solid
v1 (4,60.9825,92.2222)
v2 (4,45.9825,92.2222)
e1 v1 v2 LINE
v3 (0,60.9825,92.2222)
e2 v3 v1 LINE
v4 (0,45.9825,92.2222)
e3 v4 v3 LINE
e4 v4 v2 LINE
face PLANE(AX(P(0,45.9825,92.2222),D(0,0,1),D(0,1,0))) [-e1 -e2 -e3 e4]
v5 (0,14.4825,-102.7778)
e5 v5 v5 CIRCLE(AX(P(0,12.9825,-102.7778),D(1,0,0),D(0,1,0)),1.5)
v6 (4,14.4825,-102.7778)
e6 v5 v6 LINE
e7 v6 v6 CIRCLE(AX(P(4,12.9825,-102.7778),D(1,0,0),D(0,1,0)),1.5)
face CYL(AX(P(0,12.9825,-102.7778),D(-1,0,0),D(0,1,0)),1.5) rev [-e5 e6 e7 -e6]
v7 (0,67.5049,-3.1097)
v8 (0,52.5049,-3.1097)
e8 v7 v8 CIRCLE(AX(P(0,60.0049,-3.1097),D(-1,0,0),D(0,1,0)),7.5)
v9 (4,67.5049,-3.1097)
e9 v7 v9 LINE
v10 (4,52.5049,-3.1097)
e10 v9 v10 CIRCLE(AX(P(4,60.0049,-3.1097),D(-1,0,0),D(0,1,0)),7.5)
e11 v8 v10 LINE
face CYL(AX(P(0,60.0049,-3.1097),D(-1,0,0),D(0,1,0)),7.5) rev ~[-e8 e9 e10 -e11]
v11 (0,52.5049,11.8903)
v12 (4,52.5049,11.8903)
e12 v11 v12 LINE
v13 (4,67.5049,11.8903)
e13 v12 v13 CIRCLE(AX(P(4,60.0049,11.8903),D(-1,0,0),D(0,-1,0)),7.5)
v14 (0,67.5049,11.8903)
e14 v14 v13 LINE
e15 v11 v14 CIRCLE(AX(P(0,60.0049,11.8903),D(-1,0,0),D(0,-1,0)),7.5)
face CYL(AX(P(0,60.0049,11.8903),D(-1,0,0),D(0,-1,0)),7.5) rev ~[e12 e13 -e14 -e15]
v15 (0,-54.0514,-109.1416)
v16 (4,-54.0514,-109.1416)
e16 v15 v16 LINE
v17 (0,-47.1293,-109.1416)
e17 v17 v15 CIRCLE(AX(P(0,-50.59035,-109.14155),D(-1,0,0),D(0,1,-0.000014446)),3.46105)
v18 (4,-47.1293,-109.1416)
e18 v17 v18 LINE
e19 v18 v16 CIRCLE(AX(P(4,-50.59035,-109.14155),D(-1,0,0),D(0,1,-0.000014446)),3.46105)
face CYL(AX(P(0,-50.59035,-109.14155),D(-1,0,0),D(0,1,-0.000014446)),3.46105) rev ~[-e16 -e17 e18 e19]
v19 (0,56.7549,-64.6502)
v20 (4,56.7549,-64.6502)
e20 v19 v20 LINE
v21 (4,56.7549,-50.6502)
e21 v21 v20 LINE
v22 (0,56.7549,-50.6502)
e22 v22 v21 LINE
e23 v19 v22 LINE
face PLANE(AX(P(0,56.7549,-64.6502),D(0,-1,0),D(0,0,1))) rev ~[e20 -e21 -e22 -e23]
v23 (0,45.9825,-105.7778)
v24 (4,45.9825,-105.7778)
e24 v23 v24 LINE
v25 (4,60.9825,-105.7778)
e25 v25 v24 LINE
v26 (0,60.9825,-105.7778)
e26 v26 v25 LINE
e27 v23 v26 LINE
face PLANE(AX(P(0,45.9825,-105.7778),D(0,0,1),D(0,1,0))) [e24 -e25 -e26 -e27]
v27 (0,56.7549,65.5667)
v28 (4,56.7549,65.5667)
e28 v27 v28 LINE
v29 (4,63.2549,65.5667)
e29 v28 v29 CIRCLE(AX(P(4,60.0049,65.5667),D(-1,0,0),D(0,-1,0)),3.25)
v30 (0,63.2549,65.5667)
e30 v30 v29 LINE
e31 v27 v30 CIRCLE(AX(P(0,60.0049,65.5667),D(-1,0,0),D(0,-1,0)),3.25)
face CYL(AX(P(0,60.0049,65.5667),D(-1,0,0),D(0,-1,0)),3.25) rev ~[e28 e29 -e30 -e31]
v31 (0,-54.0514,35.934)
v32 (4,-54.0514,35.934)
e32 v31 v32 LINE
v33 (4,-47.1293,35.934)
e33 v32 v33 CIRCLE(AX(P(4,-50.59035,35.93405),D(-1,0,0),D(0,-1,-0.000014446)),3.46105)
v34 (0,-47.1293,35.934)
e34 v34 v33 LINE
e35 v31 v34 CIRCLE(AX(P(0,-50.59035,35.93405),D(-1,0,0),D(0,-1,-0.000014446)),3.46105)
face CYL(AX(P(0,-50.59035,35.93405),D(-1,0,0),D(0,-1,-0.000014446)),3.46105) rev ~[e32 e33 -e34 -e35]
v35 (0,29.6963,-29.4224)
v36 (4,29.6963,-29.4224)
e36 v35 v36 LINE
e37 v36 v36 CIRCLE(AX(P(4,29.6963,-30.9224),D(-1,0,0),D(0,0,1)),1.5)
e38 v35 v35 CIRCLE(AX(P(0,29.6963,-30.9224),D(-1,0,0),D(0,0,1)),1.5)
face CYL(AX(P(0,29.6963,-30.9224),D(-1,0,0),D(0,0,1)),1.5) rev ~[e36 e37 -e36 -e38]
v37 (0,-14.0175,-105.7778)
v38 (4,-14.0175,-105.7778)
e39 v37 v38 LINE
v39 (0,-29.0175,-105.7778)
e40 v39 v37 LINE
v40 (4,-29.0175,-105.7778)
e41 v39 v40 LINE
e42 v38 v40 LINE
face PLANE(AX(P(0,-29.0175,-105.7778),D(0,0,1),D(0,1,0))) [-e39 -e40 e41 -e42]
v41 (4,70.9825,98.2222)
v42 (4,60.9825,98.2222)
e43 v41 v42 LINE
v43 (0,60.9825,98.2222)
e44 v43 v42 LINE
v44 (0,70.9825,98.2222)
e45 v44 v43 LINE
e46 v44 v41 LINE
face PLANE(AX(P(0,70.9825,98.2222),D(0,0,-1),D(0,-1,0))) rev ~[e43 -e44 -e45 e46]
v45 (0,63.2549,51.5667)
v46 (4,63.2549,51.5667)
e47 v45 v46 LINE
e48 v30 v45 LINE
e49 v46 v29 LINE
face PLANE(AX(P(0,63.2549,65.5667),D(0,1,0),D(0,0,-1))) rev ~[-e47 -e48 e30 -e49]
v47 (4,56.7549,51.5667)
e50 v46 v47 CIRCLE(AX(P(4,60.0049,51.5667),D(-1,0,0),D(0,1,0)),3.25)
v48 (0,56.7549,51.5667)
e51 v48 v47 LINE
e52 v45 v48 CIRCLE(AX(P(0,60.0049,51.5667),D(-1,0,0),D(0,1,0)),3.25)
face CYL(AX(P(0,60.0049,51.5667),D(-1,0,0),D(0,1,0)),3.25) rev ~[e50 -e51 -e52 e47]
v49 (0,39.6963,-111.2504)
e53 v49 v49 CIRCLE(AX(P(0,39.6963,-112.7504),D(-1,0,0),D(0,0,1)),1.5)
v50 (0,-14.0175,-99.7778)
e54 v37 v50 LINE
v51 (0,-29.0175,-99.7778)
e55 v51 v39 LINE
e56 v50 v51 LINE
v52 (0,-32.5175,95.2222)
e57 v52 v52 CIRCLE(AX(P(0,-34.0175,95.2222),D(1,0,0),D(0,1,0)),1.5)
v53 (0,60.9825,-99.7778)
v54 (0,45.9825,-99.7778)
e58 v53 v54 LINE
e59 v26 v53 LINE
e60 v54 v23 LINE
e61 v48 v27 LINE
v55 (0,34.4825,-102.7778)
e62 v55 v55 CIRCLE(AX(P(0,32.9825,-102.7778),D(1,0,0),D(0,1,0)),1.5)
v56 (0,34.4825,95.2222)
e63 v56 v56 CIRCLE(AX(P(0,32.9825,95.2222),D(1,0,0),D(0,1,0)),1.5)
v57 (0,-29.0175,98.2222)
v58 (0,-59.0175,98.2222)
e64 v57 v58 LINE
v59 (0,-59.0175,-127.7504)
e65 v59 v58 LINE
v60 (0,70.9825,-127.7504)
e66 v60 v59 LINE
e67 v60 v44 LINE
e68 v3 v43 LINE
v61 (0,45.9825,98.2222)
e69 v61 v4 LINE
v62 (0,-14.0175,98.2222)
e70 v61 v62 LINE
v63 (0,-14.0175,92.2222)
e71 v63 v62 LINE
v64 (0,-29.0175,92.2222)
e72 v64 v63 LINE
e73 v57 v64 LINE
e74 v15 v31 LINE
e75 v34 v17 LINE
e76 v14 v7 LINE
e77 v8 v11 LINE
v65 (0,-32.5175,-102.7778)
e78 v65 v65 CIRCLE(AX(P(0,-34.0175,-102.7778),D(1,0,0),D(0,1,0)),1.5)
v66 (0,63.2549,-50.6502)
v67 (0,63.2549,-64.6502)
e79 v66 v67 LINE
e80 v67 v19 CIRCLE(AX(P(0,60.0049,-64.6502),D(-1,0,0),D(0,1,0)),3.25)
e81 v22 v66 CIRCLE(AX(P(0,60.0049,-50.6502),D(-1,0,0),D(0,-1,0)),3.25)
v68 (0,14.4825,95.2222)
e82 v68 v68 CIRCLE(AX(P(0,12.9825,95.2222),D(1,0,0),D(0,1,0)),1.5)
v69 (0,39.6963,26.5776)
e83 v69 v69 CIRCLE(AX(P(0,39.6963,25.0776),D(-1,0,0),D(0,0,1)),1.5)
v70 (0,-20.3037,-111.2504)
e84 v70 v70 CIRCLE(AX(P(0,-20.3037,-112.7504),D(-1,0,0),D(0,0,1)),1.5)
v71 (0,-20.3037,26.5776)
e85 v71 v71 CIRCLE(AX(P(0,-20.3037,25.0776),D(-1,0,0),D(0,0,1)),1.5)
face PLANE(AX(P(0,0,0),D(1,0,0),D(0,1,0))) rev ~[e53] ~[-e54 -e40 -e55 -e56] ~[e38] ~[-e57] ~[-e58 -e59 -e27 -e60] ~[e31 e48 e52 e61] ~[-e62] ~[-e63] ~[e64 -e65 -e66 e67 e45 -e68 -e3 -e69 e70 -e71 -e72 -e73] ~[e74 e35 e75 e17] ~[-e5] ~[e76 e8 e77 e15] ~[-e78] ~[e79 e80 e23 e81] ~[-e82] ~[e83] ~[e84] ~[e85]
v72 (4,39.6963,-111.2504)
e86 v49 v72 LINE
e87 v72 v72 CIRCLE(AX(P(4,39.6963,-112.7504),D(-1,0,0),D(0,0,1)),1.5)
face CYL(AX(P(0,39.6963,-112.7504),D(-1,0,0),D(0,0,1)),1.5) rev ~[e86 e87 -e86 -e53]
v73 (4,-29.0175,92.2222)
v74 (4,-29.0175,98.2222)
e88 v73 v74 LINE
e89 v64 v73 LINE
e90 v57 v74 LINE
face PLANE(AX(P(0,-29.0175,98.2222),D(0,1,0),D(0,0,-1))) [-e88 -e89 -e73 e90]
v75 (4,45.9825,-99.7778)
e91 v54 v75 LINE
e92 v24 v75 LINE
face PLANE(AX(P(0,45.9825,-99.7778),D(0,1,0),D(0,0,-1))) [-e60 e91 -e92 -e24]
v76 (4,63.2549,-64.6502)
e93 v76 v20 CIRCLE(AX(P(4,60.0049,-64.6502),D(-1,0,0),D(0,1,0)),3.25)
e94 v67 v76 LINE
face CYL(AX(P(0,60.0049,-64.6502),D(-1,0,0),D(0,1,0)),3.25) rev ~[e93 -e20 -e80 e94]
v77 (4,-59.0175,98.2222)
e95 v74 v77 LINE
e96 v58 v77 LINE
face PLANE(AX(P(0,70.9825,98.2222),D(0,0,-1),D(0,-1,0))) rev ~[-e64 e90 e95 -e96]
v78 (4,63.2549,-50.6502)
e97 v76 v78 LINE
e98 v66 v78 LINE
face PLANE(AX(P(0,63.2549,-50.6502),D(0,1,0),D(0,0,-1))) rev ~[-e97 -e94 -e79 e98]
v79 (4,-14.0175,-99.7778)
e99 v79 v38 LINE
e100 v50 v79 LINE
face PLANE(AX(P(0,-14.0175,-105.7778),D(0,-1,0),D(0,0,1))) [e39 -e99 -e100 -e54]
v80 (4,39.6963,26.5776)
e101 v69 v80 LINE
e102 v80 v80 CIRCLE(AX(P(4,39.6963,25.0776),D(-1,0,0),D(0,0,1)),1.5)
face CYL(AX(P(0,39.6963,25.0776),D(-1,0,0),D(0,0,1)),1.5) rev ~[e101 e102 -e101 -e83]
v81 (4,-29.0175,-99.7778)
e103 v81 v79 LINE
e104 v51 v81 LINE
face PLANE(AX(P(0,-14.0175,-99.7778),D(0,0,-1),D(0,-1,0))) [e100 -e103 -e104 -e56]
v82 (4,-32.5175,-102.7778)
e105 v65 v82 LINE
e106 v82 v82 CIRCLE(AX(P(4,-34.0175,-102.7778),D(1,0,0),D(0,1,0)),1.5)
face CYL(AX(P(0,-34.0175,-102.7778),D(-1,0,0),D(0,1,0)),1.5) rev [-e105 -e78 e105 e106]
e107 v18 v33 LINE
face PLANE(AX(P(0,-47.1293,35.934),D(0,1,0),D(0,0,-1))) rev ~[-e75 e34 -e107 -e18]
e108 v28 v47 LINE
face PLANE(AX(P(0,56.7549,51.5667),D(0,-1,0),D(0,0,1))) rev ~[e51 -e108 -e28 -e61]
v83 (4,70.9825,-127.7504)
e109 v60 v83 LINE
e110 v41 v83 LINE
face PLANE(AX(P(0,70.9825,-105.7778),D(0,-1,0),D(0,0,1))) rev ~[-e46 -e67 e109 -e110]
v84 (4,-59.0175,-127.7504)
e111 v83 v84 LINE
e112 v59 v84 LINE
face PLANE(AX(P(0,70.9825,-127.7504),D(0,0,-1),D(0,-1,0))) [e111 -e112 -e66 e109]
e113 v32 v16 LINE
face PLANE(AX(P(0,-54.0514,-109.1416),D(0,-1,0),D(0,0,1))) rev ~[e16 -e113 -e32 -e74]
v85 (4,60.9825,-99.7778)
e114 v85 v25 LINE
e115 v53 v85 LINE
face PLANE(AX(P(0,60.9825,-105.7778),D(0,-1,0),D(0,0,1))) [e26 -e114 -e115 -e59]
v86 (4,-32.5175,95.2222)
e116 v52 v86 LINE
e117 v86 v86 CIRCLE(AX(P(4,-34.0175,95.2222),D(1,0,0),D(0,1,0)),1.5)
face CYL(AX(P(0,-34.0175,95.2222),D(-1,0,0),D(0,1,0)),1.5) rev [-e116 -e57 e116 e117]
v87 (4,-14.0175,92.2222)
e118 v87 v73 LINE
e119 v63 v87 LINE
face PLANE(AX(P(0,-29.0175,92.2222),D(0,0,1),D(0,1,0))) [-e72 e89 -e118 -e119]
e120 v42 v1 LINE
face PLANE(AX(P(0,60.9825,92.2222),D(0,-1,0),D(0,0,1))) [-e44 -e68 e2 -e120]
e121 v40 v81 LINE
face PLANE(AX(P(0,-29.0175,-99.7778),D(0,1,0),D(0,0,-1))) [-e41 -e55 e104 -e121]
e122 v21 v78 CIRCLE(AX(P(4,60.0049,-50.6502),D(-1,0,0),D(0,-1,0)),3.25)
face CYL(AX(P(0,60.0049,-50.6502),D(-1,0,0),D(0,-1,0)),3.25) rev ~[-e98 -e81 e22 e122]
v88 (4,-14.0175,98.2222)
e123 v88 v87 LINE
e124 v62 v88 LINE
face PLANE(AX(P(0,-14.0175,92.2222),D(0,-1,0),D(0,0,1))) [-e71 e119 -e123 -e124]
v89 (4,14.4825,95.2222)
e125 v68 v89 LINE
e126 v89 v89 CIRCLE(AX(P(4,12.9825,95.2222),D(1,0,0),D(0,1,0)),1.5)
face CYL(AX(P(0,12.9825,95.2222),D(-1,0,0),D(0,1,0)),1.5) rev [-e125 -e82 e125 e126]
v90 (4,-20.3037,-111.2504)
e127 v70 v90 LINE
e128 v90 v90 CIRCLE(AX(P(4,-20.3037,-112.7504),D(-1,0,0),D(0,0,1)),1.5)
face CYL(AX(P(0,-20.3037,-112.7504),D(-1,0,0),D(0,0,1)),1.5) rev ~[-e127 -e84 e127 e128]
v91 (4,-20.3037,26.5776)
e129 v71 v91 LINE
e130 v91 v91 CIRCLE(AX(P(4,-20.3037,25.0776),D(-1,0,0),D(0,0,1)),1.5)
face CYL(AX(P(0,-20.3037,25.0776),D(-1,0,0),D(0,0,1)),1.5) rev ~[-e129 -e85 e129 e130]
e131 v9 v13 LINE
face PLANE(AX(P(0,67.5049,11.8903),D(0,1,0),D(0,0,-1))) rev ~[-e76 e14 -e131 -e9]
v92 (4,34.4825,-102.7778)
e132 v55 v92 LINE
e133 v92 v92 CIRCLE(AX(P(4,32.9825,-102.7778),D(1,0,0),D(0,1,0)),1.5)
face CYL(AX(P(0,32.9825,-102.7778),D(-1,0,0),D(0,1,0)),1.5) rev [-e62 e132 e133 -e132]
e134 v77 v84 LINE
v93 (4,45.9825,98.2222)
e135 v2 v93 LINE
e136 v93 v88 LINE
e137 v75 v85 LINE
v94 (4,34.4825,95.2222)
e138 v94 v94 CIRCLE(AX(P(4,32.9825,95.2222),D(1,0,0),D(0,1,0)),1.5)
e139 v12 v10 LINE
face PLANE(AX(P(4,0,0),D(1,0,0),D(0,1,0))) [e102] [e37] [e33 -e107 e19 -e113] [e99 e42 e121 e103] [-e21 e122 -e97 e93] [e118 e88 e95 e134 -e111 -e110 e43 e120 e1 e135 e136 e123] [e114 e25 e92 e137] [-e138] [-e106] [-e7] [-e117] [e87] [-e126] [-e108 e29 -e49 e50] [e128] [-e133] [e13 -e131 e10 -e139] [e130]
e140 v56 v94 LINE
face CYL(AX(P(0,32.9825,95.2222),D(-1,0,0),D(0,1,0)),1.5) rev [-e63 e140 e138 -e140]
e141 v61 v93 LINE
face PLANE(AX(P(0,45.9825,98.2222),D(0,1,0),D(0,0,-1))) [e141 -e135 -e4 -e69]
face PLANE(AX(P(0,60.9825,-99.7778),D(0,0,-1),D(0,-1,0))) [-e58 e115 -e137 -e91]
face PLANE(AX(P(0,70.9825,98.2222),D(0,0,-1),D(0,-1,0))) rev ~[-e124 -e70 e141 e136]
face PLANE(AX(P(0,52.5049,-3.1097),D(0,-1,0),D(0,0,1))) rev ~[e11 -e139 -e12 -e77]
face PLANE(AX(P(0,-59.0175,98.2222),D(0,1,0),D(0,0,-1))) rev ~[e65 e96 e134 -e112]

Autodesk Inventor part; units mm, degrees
ref_plane "YZ Plane" through (0, 0, 0) normal (1, 0, 0) x (0, 1, 0)
ref_plane "XZ Plane" through (0, 0, 0) normal (0, 1, 0) x (-1, 0, 0)
ref_plane "XY Plane" through (0, 0, 0) normal (0, 0, 1) x (1, 0, 0)
sketch "Эскиз1" plane through (0, 0, 0) normal (1, 0, 0) x (0, 1, 0)
  line L0 (70.9825, 98.2222) -> (-59.0175, 98.2222)
  line L1 (-59.0175, 98.2222) -> (-59.0175, -105.7778)
  line L2 (-59.0175, -105.7778) -> (70.9825, -105.7778)
  line L3 (70.9825, -105.7778) -> (70.9825, 98.2222)
  circle A0 centre (-34.0175, 95.2222) radius 1.5
  circle A1 centre (-34.0175, -102.7778) radius 1.5
  circle A2 centre (12.9825, 95.2222) radius 1.5
  circle A3 centre (12.9825, -102.7778) radius 1.5
  circle A4 centre (32.9825, 95.2222) radius 1.5
  circle A5 centre (32.9825, -102.7778) radius 1.5
  line L4 (-59.0175, -105.7778) -> (70.9825, -105.7778)
  line L5 (70.9825, -105.7778) -> (70.9825, -127.7504)
  line L6 (70.9825, -127.7504) -> (-59.0175, -127.7504)
  line L7 (-59.0175, -127.7504) -> (-59.0175, -105.7778)
  point P0 (0, 0)
  dimension "d0" = 204
  dimension "d1" = 130
  dimension "d2" = 3
  dimension "d3" = 25
  dimension "d4" = 25
  dimension "d5" = 3
  dimension "d6" = 3
  dimension "d7" = 3
  dimension "d8" = 72
  dimension "d9" = 3
  dimension "d10" = 3
  dimension "d11" = 3
  dimension "d12" = 72
  dimension "d13" = 3
  dimension "d14" = 3
  dimension "d15" = 20
  dimension "d16" = 3
  dimension "d17" = 3
  dimension "d18" = 20
extrude "Выдавливание1" add sketch "Эскиз1" along normal blind 4
sketch "Эскиз2" plane through (0, 0, 0) normal (-1, 0, 0) x (0, 0, 1)
  circle A0 centre (-112.7504, -20.3037) radius 1.5
  circle A1 centre (25.0776, -20.3037) radius 1.5
  line L0 (98.2222, -59.0175) -> (-105.7778, -59.0175) projected
  circle A2 centre (-112.7504, 39.6963) radius 1.5
  circle A3 centre (25.0776, 39.6963) radius 1.5
  line L1 (98.2222, 70.9825) -> (98.2222, -59.0175) projected
  circle A4 centre (-102.7778, 12.9825) radius 1.5 projected
  line L2 (-105.7778, -59.0175) -> (-105.7778, 70.9825) projected
  line L3 (-105.7778, 70.9825) -> (98.2222, 70.9825) projected
  line L4 (-127.7504, -59.0175) -> (-127.7504, 70.9825) projected
  circle A5 centre (-30.9224, 29.6963) radius 1.5
  point P0 (0, 0)
  point P1 (98.2222, 5.9825)
  dimension "d21" = 137.828
  dimension "d22" = 3
  dimension "d23" = 3
  dimension "d26" = 3
  dimension "d27" = 3
  dimension "d28" = 137.828
  dimension "d29" = 60
  dimension "d30" = 60
  dimension "d37" = 31.2861
  dimension "d38" = 31.2861
  dimension "d47" = 15
  dimension "d48" = 15
  dimension "d49" = 3
  dimension "d50" = 10
  dimension "d51" = 56
extrude "Выдавливание2" cut sketch "Эскиз2" against normal blind 5 contours A0 | A1 | A2 | A3 | A5
sketch "Эскиз3" plane through (0, 0, 0) normal (-1, 0, 0) x (0, 0, 1)
  line L0 (11.8903, 60.0049) -> (-3.1097, 60.0049) construction
  line L1 (11.8903, 67.5049) -> (-3.1097, 67.5049)
  line L2 (-3.1097, 52.5049) -> (11.8903, 52.5049)
  arc A0 (11.8903, 52.5049) -> (11.8903, 67.5049) centre (11.8903, 60.0049) ccw
  arc A1 (-3.1097, 67.5049) -> (-3.1097, 52.5049) centre (-3.1097, 60.0049) ccw
  line L3 (65.5667, 60.0049) -> (51.5667, 60.0049) construction
  line L4 (65.5667, 63.2549) -> (51.5667, 63.2549)
  line L5 (51.5667, 56.7549) -> (65.5667, 56.7549)
  arc A2 (65.5667, 56.7549) -> (65.5667, 63.2549) centre (65.5667, 60.0049) ccw
  arc A3 (51.5667, 63.2549) -> (51.5667, 56.7549) centre (51.5667, 60.0049) ccw
  line L6 (-50.6502, 60.0049) -> (-64.6502, 60.0049) construction
  line L7 (-50.6502, 63.2549) -> (-64.6502, 63.2549)
  line L8 (-64.6502, 56.7549) -> (-50.6502, 56.7549)
  arc A4 (-50.6502, 56.7549) -> (-50.6502, 63.2549) centre (-50.6502, 60.0049) ccw
  arc A5 (-64.6502, 63.2549) -> (-64.6502, 56.7549) centre (-64.6502, 60.0049) ccw
  line L9 (35.934, -50.5903) -> (-109.1416, -50.5903) construction
  line L10 (35.934, -47.1293) -> (-109.1416, -47.1293)
  line L11 (-109.1416, -54.0514) -> (35.934, -54.0514)
  arc A6 (35.934, -54.0514) -> (35.934, -47.1293) centre (35.934, -50.5903) ccw
  arc A7 (-109.1416, -47.1293) -> (-109.1416, -54.0514) centre (-109.1416, -50.5903) ccw
  point P0 (0, 0)
  point P1 (4.3903, 60.0049)
  point P2 (58.5667, 60.0049)
  point P3 (-57.6502, 60.0049)
  point P4 (-36.6038, -50.5903)
  dimension "d39" = 14
  dimension "d40" = 14
  dimension "d41" = 6.5
  dimension "d42" = 6.5
  dimension "d43" = 15
  dimension "d44" = 15
extrude "Выдавливание3" cut sketch "Эскиз3" against normal through all
sketch "Эскиз4" plane through (0, 0, 0) normal (-1, 0, 0) x (0, 0, 1)
  point P0 (0, 0)
sketch "Эскиз5" plane through (0, 0, 0) normal (-1, 0, 0) x (0, 0, 1)
  line L0 (-105.7778, -14.0175) -> (-99.7778, -14.0175)
  line L1 (-99.7778, -14.0175) -> (-99.7778, -29.0175)
  line L2 (-99.7778, -29.0175) -> (-105.7778, -29.0175)
  line L3 (-105.7778, -29.0175) -> (-105.7778, -14.0175)
  line L4 (-105.7778, 60.9825) -> (-99.7778, 60.9825)
  line L5 (-99.7778, 60.9825) -> (-99.7778, 45.9825)
  line L6 (-99.7778, 45.9825) -> (-105.7778, 45.9825)
  line L7 (-105.7778, 45.9825) -> (-105.7778, 60.9825)
  line L8 (92.2222, -14.0175) -> (98.2222, -14.0175)
  line L9 (98.2222, -14.0175) -> (98.2222, -29.0175)
  line L10 (98.2222, -29.0175) -> (92.2222, -29.0175)
  line L11 (92.2222, -29.0175) -> (92.2222, -14.0175)
  line L12 (92.2222, 60.9825) -> (98.2222, 60.9825)
  line L13 (98.2222, 60.9825) -> (98.2222, 45.9825)
  line L14 (98.2222, 45.9825) -> (92.2222, 45.9825)
  line L15 (92.2222, 45.9825) -> (92.2222, 60.9825)
  point P0 (0, 0)
extrude "Выдавливание4" cut sketch "Эскиз5" against normal through all
properties part number "крышка"
